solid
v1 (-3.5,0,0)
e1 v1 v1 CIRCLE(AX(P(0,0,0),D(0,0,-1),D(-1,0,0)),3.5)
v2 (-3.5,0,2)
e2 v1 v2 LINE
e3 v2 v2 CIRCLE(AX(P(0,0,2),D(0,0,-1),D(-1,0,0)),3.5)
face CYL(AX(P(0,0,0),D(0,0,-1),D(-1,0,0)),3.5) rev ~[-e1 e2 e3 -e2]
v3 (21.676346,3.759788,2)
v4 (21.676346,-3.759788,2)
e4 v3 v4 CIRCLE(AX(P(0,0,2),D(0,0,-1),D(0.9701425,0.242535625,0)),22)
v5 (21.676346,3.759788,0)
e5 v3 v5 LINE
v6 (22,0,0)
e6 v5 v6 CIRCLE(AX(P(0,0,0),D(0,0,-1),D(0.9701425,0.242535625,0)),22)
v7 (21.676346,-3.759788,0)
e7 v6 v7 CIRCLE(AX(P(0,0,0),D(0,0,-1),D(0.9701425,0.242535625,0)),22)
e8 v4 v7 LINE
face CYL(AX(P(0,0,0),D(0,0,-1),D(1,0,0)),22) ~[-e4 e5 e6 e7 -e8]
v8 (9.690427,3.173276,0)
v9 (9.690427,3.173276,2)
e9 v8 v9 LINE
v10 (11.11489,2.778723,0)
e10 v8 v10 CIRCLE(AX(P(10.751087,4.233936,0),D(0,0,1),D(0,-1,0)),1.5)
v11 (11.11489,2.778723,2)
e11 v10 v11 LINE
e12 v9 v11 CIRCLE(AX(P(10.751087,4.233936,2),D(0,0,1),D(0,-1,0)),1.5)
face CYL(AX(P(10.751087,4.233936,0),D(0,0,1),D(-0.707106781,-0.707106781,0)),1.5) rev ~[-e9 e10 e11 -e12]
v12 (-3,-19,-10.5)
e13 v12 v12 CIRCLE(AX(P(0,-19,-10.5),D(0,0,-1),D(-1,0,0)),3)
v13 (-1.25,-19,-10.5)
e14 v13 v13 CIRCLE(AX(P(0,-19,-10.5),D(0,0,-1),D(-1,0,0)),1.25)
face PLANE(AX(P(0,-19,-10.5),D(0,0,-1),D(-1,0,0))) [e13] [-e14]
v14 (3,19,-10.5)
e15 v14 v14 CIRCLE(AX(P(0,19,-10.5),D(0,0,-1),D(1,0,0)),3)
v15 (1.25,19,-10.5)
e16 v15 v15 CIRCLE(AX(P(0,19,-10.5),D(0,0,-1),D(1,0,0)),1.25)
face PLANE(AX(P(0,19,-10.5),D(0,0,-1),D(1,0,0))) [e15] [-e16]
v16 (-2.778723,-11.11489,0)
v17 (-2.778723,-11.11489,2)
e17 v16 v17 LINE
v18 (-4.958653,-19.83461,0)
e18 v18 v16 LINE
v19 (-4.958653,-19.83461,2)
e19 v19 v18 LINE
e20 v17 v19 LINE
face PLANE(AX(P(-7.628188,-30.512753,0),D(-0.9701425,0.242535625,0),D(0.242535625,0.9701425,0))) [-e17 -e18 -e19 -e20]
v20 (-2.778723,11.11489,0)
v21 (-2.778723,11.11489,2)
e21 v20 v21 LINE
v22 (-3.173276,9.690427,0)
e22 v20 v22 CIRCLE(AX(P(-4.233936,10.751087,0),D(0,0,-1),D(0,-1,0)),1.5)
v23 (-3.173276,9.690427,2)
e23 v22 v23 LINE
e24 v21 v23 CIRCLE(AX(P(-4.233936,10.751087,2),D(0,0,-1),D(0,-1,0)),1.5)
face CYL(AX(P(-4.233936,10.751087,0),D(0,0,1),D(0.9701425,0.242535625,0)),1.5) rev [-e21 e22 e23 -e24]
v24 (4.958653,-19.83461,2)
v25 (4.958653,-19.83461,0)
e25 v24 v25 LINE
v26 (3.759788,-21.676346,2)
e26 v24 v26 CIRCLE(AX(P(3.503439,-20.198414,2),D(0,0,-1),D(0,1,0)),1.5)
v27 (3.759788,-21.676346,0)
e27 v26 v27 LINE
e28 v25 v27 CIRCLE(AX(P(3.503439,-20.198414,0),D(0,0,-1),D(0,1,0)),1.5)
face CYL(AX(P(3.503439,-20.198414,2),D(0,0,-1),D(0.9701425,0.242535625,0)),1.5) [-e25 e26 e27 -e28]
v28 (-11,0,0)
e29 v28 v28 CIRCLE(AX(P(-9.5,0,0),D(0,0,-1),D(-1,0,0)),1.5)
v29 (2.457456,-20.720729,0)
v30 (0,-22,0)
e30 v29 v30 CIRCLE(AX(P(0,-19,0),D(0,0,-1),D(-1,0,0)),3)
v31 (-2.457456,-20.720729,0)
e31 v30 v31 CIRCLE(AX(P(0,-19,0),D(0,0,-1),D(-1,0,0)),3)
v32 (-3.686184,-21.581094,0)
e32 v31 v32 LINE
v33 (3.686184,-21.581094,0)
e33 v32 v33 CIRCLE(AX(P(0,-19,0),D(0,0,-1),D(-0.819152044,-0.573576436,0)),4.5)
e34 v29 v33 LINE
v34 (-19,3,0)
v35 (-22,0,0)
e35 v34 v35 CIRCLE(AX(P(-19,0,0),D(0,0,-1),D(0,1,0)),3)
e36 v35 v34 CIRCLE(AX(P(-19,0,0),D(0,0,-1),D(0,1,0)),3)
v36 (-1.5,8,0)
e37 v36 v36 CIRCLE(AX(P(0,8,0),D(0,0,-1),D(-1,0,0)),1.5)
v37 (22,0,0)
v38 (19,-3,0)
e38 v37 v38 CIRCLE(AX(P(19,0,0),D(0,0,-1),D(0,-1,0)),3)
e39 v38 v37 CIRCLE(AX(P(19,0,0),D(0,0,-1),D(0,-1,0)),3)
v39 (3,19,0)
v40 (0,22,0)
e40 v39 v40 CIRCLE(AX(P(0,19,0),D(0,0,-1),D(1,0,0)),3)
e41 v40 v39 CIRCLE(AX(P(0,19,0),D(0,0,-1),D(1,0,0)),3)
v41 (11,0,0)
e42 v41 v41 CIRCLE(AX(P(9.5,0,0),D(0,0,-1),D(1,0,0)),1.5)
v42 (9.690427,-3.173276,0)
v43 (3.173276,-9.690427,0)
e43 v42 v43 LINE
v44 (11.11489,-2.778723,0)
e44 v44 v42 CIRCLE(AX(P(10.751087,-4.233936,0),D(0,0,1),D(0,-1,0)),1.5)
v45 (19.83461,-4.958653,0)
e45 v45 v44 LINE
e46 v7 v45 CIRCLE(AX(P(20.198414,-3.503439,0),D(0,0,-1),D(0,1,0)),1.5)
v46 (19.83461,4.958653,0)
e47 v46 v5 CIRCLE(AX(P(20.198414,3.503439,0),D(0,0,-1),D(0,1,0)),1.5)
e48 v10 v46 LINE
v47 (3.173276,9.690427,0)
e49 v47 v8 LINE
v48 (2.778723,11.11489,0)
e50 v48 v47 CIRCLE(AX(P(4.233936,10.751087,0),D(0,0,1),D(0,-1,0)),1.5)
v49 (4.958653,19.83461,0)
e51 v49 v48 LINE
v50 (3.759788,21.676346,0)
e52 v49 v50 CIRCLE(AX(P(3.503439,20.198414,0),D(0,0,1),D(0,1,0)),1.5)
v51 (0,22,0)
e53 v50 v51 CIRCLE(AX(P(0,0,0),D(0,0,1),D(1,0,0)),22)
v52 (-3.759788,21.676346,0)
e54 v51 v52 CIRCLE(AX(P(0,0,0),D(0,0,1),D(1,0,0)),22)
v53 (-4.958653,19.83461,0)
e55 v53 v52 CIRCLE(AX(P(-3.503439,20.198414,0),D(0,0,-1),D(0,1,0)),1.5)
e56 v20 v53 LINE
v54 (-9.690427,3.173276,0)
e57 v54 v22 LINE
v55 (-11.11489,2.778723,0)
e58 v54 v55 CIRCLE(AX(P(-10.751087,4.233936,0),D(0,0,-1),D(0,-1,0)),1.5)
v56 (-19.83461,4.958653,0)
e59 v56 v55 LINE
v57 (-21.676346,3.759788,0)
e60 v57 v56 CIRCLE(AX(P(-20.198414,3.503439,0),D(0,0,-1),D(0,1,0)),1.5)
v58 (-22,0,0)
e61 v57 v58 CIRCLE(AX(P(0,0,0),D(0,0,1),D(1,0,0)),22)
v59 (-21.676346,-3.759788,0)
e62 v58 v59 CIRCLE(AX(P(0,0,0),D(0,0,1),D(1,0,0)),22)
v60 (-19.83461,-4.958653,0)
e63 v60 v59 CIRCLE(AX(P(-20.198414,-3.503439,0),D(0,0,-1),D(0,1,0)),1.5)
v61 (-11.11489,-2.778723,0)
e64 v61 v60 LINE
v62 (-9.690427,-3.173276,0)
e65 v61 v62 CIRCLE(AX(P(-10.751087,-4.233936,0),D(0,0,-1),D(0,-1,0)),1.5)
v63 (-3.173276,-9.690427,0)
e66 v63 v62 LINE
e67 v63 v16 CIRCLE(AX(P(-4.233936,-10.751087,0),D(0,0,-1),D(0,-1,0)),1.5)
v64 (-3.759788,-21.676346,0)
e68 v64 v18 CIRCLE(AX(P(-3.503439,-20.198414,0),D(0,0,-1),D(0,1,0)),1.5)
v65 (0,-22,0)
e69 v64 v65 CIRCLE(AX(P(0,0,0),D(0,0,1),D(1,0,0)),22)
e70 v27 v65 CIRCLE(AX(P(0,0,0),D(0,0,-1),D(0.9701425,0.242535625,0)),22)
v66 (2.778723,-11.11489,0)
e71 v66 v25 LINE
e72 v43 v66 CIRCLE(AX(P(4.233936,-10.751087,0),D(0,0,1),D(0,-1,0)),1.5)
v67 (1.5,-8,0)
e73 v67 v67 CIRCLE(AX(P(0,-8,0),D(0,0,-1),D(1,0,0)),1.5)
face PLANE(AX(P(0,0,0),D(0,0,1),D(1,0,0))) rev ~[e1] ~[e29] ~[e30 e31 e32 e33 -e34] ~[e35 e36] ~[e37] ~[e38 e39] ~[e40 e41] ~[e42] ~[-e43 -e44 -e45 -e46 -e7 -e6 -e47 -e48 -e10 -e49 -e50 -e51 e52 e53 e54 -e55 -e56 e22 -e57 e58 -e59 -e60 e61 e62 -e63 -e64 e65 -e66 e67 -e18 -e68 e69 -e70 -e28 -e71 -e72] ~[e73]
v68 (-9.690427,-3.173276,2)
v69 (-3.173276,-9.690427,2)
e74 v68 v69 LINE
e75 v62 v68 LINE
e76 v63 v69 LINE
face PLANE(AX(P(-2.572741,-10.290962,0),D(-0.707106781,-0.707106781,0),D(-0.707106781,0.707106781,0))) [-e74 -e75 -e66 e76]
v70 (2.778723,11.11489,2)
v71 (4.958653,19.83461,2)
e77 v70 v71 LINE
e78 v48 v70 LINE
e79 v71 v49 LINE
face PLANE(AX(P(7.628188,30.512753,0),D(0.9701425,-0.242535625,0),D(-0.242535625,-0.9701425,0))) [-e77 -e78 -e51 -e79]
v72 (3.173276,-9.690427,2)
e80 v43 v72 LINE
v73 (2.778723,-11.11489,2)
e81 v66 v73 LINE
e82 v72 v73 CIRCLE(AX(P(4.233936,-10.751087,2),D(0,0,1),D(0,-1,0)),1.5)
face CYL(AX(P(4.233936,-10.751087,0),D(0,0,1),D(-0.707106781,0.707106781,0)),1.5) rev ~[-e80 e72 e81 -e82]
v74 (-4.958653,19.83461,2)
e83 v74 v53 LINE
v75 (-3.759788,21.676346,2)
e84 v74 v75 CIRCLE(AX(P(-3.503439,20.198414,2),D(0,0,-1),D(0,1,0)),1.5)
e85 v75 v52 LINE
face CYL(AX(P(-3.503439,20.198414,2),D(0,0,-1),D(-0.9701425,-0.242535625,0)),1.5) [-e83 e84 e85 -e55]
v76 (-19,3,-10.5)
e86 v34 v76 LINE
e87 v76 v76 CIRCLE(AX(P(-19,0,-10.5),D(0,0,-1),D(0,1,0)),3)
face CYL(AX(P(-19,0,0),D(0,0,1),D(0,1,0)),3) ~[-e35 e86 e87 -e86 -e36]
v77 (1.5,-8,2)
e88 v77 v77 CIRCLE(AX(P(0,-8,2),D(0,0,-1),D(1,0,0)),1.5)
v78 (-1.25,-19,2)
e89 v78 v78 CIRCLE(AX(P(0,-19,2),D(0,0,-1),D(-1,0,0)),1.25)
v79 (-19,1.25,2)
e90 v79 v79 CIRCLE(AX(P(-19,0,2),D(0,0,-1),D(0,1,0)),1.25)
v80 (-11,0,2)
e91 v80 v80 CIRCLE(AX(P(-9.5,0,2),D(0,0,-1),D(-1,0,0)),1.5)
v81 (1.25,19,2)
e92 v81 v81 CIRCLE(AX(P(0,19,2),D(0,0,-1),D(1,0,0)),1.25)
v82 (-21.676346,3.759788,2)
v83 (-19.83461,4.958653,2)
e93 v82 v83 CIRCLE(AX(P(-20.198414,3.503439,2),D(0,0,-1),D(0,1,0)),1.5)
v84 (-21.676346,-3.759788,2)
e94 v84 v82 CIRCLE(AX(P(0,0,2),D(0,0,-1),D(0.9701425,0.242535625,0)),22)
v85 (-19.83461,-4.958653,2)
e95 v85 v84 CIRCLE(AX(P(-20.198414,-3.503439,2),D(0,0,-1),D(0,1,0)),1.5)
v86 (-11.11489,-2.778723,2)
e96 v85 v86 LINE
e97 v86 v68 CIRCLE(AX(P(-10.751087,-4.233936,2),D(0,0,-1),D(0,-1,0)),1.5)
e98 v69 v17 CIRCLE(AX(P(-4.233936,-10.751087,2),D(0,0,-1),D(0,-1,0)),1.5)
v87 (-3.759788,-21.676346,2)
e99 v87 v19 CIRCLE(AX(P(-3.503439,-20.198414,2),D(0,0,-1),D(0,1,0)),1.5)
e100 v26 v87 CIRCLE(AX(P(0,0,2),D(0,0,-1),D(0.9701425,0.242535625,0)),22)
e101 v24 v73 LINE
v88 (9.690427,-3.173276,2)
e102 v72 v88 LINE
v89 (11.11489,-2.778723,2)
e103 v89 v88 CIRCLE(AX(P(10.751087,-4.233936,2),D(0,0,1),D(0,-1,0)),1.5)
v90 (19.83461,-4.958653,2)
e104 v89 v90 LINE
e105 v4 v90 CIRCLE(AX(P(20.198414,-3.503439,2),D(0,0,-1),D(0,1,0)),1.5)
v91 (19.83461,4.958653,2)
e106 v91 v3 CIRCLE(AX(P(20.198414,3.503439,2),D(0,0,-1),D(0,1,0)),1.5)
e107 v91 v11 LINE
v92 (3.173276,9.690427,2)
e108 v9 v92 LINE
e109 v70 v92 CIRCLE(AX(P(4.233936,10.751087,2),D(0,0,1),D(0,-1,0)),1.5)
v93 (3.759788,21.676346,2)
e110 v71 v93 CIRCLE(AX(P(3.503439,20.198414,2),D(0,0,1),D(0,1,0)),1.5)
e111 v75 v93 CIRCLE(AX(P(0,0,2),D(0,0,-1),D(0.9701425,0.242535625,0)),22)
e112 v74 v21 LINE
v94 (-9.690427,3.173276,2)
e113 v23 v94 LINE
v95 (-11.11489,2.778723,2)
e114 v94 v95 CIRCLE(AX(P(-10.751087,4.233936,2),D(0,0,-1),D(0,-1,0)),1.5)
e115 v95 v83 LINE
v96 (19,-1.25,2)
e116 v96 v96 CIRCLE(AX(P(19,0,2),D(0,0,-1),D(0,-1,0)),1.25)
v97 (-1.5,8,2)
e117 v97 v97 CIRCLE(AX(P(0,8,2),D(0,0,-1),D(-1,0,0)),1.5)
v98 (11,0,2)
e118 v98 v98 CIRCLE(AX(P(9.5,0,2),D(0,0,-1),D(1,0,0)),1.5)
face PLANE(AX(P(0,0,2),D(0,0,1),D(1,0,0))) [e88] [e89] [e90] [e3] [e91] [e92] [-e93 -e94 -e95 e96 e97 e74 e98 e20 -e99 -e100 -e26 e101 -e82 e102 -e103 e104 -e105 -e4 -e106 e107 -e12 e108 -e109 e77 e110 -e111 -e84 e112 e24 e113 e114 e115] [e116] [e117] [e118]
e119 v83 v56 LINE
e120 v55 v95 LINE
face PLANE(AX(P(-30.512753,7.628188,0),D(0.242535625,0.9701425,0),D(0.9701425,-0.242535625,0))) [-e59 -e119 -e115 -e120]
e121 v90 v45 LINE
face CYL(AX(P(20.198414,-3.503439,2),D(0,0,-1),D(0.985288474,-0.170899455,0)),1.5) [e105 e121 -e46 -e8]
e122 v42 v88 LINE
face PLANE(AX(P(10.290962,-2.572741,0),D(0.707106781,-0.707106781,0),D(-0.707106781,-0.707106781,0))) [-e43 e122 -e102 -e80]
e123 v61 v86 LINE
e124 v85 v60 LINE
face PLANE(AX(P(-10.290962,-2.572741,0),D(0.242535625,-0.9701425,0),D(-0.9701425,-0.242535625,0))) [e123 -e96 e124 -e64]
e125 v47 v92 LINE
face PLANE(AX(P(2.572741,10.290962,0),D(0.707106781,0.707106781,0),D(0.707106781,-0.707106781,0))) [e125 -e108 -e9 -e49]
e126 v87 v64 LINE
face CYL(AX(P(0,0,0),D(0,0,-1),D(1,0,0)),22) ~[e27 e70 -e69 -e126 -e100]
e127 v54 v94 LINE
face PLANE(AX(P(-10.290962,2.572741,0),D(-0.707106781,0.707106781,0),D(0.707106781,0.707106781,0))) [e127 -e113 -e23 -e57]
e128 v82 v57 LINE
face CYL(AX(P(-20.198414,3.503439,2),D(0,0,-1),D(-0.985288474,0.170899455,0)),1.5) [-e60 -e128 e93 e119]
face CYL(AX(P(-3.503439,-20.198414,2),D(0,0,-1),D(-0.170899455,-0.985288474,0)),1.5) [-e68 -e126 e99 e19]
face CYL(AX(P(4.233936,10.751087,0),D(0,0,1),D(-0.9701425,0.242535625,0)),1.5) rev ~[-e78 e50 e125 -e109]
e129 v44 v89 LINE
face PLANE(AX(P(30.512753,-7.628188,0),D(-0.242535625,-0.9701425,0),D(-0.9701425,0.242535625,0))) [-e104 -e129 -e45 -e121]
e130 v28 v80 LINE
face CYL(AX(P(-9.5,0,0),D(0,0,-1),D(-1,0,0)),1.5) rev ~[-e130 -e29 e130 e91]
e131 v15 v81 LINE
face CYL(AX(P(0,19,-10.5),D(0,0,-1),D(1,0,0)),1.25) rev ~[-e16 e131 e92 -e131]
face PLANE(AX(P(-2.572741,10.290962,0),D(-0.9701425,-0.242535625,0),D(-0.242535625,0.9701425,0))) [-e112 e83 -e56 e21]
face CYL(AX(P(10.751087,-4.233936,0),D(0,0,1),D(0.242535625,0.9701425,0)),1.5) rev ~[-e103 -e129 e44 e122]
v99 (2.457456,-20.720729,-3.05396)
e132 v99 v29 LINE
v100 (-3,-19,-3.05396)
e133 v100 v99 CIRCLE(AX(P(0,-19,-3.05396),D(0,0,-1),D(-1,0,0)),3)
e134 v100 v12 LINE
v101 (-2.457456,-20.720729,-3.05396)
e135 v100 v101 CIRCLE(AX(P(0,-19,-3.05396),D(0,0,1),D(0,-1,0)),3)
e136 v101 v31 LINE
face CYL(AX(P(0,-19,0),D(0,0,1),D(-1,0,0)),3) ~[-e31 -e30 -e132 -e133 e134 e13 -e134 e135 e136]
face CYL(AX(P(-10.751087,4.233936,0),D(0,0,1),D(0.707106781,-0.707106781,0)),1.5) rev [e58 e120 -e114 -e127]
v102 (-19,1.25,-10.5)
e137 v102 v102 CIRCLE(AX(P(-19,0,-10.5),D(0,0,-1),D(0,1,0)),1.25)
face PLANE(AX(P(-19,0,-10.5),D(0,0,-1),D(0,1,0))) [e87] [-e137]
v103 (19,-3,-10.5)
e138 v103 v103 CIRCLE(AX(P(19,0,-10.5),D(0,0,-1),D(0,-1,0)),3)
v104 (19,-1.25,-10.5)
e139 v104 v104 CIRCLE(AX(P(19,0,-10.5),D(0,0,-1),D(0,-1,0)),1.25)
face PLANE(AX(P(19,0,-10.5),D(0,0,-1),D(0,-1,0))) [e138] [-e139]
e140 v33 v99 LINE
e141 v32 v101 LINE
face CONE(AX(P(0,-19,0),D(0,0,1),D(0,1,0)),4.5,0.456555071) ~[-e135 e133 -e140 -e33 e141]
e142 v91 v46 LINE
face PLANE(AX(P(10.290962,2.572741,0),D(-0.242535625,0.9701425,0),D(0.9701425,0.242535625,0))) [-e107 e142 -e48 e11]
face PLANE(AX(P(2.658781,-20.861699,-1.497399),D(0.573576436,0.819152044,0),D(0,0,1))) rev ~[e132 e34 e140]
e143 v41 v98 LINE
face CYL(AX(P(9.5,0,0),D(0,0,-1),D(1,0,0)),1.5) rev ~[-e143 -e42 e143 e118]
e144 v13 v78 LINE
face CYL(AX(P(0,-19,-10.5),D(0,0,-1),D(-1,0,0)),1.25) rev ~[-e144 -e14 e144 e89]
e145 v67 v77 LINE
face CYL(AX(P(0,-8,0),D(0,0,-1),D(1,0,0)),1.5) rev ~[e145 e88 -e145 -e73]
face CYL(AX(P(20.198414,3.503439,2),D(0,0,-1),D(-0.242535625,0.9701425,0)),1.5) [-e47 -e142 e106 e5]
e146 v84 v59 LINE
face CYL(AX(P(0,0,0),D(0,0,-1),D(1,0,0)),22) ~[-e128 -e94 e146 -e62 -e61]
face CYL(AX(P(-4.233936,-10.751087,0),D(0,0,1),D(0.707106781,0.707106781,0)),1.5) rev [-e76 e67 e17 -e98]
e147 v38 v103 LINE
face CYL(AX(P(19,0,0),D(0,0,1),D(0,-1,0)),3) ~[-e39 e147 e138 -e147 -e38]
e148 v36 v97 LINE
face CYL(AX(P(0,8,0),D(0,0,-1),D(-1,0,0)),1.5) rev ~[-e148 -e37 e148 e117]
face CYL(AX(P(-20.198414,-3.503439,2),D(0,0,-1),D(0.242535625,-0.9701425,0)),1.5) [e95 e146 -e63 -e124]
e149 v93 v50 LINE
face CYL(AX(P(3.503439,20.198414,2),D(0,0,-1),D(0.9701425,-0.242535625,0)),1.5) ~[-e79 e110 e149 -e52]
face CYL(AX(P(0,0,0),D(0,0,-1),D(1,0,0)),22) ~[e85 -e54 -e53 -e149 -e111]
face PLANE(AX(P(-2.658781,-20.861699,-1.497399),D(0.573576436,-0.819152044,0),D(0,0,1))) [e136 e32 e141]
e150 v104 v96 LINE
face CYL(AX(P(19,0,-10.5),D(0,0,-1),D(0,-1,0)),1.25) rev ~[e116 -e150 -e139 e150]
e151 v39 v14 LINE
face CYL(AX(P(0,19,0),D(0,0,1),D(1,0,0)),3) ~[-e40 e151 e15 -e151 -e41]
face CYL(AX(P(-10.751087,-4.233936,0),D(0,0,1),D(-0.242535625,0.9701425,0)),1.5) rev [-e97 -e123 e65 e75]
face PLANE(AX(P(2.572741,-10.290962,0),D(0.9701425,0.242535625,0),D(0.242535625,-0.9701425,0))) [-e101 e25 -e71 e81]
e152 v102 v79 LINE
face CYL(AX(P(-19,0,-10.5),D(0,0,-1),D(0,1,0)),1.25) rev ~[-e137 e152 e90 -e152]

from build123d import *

# Parameters (mm, degrees)
SKETCH_1_R                = 22
EXTRUDE_1_DEPTH           = 2
SKETCH_3_R                = 1.5
CUT_EXTRUDE_1_DEPTH       = 3
SKETCH_4_R                = 3.5
CUT_EXTRUDE_2_DEPTH       = 3
SKETCH_6_R                = 3
EXTRUDE_3_DEPTH           = 10.5
SKETCH_8_R                = 1.25
CUT_EXTRUDE_4_DEPTH       = 12.5
CUT_EXTRUDE_3_DEPTH       = 6
PATTERN_CIRCULAR_1_COUNT  = 4
FILLET_2_R                = 1.5
FILLET_3_R                = 1.5
PATTERN_CIRCULAR_2_COUNT  = 2
REVOLVE_1_ANGLE           = 125
REVOLVE_1_OTHER_WAY_ANGLE = 125


with BuildPart() as part:
    # 草图1 → 凸台-拉伸1 (new body)
    with BuildSketch(Plane.XY):
        Circle(SKETCH_1_R)
    extrude(amount=EXTRUDE_1_DEPTH)

    # 草图3 → 切除-拉伸1 (cut)
    with BuildSketch(Plane(origin=(0, 0, 0), x_dir=(-1, 0, 0), z_dir=(0, 0, -1))):
        with Locations((9.5, 0)):
            Circle(SKETCH_3_R)
        with Locations((0, 8)):
            Circle(SKETCH_3_R)
    cut_extrude_1 = extrude(amount=-CUT_EXTRUDE_1_DEPTH, mode=Mode.SUBTRACT)

    # 草图4 → 切除-拉伸2 (cut)
    with BuildSketch(Plane(origin=(0, 0, 0), x_dir=(-1, 0, 0), z_dir=(0, 0, -1))):
        Circle(SKETCH_4_R)
    extrude(amount=-CUT_EXTRUDE_2_DEPTH, mode=Mode.SUBTRACT)

    # 草图6 → 凸台-拉伸3 (add)
    with BuildSketch(Plane(origin=(0, 0, 0), x_dir=(-1, 0, 0), z_dir=(0, 0, -1))):
        with Locations((0, -19)):
            Circle(SKETCH_6_R)
    extrude_3 = extrude(amount=EXTRUDE_3_DEPTH)

    # 草图8 → 切除-拉伸4 (cut)
    with BuildSketch(Plane(origin=(0, 0, -10.5), x_dir=(-1, 0, 0), z_dir=(0, 0, -1))):
        with Locations((0, -19)):
            Circle(SKETCH_8_R)
    cut_extrude_4 = extrude(amount=-CUT_EXTRUDE_4_DEPTH, mode=Mode.SUBTRACT)

    # 草图7 → 切除-拉伸3 (cut)
    with BuildSketch(Plane(origin=(0, 0, 0), x_dir=(-1, 0, 0), z_dir=(0, 0, -1))):
        Polygon((-2.572740594, 10.290962376), (-10.290962376, 2.572740594), (-30.512752563, 7.628188141), (-7.628188141, 30.512752563), align=None)
    cut_extrude_3 = extrude(amount=-CUT_EXTRUDE_3_DEPTH, mode=Mode.SUBTRACT)

    # 阵列(圆周)1: 凸台-拉伸3, 切除-拉伸4, 切除-拉伸3 ×4 about axis
    pattern_circular_1_axis = Axis((0, 0, 0), (0, 0, 1))
    for i in range(1, PATTERN_CIRCULAR_1_COUNT):
        add(extrude_3.rotate(pattern_circular_1_axis, i * 360 / PATTERN_CIRCULAR_1_COUNT))
        add(cut_extrude_4.rotate(pattern_circular_1_axis, i * 360 / PATTERN_CIRCULAR_1_COUNT), mode=Mode.SUBTRACT)
        add(cut_extrude_3.rotate(pattern_circular_1_axis, i * 360 / PATTERN_CIRCULAR_1_COUNT), mode=Mode.SUBTRACT)

    # 圆角2
    fillet_2_edges = [part.edges().sort_by_distance(p)[0] for p in [
        (21.343135003, -5.335783751, 1),
        (5.335783751, -21.343135003, 1),
        (5.335783751, 21.343135003, 1),
        (21.343135003, 5.335783751, 1),
        (-21.343135003, 5.335783751, 1),
        (-5.335783751, 21.343135003, 1),
        (-5.335783751, -21.343135003, 1),
        (-21.343135003, -5.335783751, 1),
    ]]
    fillet(fillet_2_edges, radius=FILLET_2_R)

    # 圆角3
    fillet_3_edges = [part.edges().sort_by_distance(p)[0] for p in [
        (2.572740594, -10.290962376, 1),
        (10.290962376, -2.572740594, 1),
        (10.290962376, 2.572740594, 1),
        (2.572740594, 10.290962376, 1),
        (-2.572740594, 10.290962376, 1),
        (-10.290962376, 2.572740594, 1),
        (-10.290962376, -2.572740594, 1),
        (-2.572740594, -10.290962376, 1),
    ]]
    fillet(fillet_3_edges, radius=FILLET_3_R)

    # 阵列(圆周)2: 切除-拉伸1 ×2 about axis
    pattern_circular_2_axis = Axis((0, 0, 0), (0, 0, 1))
    for i in range(1, PATTERN_CIRCULAR_2_COUNT):
        add(cut_extrude_1.rotate(pattern_circular_2_axis, i * 360 / PATTERN_CIRCULAR_2_COUNT), mode=Mode.SUBTRACT)

    # 草图10 → 旋转1 (revolve)
    with BuildSketch(Plane(origin=(0, 0, 0), x_dir=(0, 0, -1), z_dir=(1, 0, 0))):
        Polygon((0, -16.312681485), (0, -14.5), (3.69057161, -16.312681485), align=None)
    revolve(axis=Axis((0, -19, 2), (0, 0, -1)), revolution_arc=REVOLVE_1_ANGLE)

    # 草图10 → 旋转1 other way (revolve)
    with BuildSketch(Plane(origin=(0, 0, 0), x_dir=(0, 0, -1), z_dir=(1, 0, 0))):
        Polygon((0, -16.312681485), (0, -14.5), (3.69057161, -16.312681485), align=None)
    revolve(axis=Axis((0, -19, 2), (0, 0, 1)), revolution_arc=REVOLVE_1_OTHER_WAY_ANGLE)


solid = part.part
